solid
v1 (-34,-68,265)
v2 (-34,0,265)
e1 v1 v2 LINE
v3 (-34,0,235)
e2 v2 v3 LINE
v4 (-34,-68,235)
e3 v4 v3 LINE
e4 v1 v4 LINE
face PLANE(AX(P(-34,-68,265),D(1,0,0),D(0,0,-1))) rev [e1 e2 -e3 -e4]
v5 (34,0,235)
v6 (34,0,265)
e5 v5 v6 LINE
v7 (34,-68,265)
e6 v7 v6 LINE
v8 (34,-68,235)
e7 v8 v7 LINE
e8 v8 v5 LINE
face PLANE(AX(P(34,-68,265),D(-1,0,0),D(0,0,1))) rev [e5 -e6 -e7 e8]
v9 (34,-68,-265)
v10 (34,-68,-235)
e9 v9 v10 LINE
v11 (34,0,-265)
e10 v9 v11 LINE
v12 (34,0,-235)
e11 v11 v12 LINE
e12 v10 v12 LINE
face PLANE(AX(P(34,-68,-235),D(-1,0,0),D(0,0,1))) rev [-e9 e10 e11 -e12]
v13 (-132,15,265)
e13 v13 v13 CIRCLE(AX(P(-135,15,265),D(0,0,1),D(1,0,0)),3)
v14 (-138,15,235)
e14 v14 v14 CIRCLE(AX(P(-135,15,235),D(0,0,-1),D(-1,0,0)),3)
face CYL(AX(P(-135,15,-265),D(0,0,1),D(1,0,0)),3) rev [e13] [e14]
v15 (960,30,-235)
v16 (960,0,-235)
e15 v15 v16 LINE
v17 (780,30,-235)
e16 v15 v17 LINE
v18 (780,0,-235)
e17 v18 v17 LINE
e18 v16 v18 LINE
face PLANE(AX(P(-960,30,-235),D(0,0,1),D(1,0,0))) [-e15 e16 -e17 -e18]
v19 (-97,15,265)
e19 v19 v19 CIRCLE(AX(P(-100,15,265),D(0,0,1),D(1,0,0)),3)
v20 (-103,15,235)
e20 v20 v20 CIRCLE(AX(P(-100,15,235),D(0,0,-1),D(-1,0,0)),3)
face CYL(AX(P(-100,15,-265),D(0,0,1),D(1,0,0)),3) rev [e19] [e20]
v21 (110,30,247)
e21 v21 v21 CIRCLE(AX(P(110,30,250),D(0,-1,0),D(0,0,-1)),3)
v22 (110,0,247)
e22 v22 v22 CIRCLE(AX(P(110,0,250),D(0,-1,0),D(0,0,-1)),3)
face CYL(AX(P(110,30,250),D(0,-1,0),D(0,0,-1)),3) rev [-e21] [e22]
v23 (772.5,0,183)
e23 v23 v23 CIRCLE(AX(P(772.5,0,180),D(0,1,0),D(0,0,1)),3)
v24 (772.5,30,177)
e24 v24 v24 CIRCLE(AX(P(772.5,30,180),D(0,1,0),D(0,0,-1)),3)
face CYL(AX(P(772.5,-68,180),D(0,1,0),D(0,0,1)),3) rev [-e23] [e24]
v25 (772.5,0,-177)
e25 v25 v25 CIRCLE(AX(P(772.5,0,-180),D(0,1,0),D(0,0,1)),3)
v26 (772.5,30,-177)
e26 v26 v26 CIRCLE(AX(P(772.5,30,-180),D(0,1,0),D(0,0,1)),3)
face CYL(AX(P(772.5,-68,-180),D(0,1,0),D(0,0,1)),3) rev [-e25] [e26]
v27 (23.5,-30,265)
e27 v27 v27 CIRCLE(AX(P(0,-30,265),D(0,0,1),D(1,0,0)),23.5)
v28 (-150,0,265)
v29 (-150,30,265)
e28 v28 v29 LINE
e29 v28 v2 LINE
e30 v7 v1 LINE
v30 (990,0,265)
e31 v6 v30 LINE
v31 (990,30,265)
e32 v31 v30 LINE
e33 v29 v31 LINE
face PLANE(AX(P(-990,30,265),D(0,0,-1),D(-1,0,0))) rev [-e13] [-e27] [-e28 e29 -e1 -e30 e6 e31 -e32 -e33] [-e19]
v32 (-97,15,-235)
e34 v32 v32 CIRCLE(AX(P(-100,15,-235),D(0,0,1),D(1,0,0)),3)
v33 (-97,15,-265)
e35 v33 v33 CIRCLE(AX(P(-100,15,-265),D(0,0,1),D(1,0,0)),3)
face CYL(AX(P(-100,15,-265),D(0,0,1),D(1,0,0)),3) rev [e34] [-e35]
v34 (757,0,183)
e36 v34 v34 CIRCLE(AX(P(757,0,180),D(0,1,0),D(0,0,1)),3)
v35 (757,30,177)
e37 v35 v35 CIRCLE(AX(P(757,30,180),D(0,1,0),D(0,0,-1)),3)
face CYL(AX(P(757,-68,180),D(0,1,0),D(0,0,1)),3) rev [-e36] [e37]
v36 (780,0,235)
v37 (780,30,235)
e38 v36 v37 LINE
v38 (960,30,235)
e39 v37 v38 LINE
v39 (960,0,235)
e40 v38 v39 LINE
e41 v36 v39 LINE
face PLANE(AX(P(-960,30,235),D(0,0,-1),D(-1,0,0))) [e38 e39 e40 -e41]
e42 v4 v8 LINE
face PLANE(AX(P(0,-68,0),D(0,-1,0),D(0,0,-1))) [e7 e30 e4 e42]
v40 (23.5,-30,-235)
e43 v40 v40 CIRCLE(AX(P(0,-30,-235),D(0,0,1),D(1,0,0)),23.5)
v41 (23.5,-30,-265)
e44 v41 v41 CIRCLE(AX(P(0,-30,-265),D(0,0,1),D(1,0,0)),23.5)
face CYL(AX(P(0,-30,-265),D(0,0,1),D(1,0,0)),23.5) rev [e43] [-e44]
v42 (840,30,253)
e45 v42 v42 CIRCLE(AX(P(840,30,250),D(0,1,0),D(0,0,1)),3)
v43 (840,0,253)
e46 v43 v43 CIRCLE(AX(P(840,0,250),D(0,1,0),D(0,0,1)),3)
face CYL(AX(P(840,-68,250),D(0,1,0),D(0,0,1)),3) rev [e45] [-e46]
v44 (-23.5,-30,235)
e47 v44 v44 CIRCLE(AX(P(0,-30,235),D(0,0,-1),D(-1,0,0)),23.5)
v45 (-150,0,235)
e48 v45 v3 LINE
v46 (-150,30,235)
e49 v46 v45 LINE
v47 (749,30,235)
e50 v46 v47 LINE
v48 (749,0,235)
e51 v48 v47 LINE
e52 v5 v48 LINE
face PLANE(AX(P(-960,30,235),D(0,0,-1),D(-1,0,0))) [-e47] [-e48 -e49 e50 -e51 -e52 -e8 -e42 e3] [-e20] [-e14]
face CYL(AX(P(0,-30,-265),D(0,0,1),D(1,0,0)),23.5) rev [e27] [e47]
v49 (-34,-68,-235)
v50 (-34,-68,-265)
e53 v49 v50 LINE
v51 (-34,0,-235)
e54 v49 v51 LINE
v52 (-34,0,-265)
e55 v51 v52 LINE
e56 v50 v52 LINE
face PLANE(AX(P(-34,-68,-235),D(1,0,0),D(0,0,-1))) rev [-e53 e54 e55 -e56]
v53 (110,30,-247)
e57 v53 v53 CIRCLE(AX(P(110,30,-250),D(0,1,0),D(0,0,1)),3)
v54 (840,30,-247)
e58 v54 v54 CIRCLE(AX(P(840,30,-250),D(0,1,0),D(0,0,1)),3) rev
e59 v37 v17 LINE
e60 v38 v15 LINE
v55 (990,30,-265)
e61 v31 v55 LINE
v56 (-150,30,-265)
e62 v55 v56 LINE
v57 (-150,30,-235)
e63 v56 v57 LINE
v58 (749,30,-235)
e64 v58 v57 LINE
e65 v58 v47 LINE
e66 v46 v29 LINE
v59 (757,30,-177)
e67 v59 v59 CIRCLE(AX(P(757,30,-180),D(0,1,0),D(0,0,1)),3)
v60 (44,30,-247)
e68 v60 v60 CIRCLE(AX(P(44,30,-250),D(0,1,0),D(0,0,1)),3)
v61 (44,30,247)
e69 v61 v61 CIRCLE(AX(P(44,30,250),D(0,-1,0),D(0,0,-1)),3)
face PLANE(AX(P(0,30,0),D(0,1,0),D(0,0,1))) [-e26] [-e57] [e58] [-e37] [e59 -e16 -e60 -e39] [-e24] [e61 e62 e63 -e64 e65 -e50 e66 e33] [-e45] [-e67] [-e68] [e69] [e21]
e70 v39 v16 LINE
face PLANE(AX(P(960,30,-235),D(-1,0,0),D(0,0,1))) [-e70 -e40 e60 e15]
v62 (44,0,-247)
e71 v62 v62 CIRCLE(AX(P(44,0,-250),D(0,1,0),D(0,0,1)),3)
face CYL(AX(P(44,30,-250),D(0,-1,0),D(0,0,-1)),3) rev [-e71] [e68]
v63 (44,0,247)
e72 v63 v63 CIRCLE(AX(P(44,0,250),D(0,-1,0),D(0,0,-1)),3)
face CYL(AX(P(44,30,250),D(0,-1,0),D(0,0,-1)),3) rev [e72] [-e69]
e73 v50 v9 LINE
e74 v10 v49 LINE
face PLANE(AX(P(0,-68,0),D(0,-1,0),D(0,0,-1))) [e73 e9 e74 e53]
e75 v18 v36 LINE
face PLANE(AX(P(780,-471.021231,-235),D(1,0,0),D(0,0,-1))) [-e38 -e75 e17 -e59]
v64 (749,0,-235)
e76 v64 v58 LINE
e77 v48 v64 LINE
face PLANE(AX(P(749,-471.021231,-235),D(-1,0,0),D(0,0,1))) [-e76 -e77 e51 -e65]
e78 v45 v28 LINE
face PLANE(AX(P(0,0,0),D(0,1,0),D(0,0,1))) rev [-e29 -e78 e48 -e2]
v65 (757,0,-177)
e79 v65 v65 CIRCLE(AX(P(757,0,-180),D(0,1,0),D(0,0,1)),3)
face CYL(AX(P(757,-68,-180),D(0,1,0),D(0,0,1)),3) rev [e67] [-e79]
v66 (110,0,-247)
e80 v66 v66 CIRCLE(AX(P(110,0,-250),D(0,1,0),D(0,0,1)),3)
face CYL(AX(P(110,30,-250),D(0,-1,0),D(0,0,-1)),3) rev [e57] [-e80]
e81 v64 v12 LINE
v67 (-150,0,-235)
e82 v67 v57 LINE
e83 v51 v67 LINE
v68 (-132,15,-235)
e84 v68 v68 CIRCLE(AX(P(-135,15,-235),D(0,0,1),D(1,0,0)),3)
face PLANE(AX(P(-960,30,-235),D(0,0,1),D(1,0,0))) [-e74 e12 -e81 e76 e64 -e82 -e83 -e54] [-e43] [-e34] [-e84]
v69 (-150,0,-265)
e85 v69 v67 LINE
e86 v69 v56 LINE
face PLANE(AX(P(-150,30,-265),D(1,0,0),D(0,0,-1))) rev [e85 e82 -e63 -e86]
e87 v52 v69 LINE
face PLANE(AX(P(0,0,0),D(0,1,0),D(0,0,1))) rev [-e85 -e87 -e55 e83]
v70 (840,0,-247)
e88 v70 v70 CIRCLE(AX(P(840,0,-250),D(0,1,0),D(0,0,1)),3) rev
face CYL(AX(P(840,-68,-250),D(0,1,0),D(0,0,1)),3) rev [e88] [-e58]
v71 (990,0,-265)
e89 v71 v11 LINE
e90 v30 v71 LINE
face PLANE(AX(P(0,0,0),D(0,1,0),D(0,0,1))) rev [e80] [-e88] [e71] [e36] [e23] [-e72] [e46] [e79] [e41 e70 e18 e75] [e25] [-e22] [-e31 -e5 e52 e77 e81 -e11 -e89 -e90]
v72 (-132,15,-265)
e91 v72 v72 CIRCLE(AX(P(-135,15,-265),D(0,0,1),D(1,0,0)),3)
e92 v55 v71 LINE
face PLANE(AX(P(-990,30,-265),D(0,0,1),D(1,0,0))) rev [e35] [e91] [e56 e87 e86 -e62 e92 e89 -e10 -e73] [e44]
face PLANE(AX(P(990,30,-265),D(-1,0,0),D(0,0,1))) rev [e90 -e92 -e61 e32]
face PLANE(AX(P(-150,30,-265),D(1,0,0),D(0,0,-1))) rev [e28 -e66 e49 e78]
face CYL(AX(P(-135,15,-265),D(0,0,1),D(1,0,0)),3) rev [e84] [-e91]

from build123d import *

# Parameters (mm, degrees)
SKETCH_1_W          = 1980
SKETCH_1_H          = 530
SKETCH_1_W_2        = 1920
SKETCH_1_H_2        = 470
EXTRUDE_1_DEPTH     = 30
SKETCH_2_W          = 68
SKETCH_2_H          = 30
EXTRUDE_2_DEPTH     = 68
SKETCH_3_R          = 23.5
CUT_EXTRUDE_1_DEPTH = 1125.999555555
SKETCH_4_W          = 31
SKETCH_4_H          = 470
EXTRUDE_3_DEPTH     = 30
SKETCH_5_R          = 3
CUT_EXTRUDE_2_DEPTH = 1030.528532873
SKETCH_6_R          = 3
CUT_EXTRUDE_3_DEPTH = 1030.528532873
SKETCH_7_W          = 917.525313644
SKETCH_7_H          = 30
CUT_EXTRUDE_4_DEPTH = 1125.999555555
SKETCH_8_R          = 3
CUT_EXTRUDE_5_DEPTH = 1125.999555555
SKETCH_9_R          = 3
CUT_EXTRUDE_6_DEPTH = 1028.107102497
SKETCH_10_R         = 3
CUT_EXTRUDE_7_DEPTH = 1125.999555555


with BuildPart() as part:
    # 草图1 → 凸台-拉伸1 (new body)
    with BuildSketch(Plane(origin=(0, 0, 0), x_dir=(1, 0, 0), z_dir=(0, 1, 0))):
        Rectangle(SKETCH_1_W, SKETCH_1_H)
        Rectangle(SKETCH_1_W_2, SKETCH_1_H_2, mode=Mode.SUBTRACT)
    extrude(amount=EXTRUDE_1_DEPTH)

    # 草图2 → 凸台-拉伸2 (add)
    with BuildSketch(Plane.XZ):
        with Locations((0, 250)):
            Rectangle(SKETCH_2_W, SKETCH_2_H)
        with Locations((0, -250)):
            Rectangle(SKETCH_2_W, SKETCH_2_H)
    extrude(amount=EXTRUDE_2_DEPTH)

    # 草图3 → 切除-拉伸1 (cut, through all)
    with BuildSketch(Plane.XY.offset(265)):
        with Locations((0, -30)):
            Circle(SKETCH_3_R)
    extrude(amount=-CUT_EXTRUDE_1_DEPTH, mode=Mode.SUBTRACT)

    # 草图4 → 凸台-拉伸3 (add)
    with BuildSketch(Plane(origin=(0, 30, 0), x_dir=(1, 0, 0), z_dir=(0, 1, 0))):
        with Locations((764.5, 0)):
            Rectangle(SKETCH_4_W, SKETCH_4_H)
    extrude(amount=-EXTRUDE_3_DEPTH)

    # 草图5 → 切除-拉伸2 (cut, through all)
    with BuildSketch(Plane(origin=(0, 30, 0), x_dir=(1, 0, 0), z_dir=(0, 1, 0))):
        with Locations(Location((757, 180, 0), (0, 0, 270))):
            Circle(SKETCH_5_R)
        with Locations(Location((772.5, 180, 0), (0, 0, 270))):
            Circle(SKETCH_5_R)
        with Locations(Location((757, -180, 0), (0, 0, 270))):
            Circle(SKETCH_5_R)
        with Locations(Location((772.5, -180, 0), (0, 0, 270))):
            Circle(SKETCH_5_R)
    extrude(amount=-CUT_EXTRUDE_2_DEPTH, mode=Mode.SUBTRACT)

    # 草图6 → 切除-拉伸3 (cut, symmetric)
    with BuildSketch(Plane(origin=(0, 30, 0), x_dir=(1, 0, 0), z_dir=(0, 1, 0))):
        with Locations(Location((840, -250, 0), (0, 0, 270))):
            Circle(SKETCH_6_R)
    cut_extrude_3 = extrude(amount=CUT_EXTRUDE_3_DEPTH, both=True, mode=Mode.SUBTRACT)

    # 镜向1: 切除-拉伸3 across plane
    add(cut_extrude_3.mirror(Plane.XY), mode=Mode.SUBTRACT)

    # 草图7 → 切除-拉伸4 (cut, through all)
    with BuildSketch(Plane.XY.offset(265)):
        with Locations((-608.762656822, 15)):
            Rectangle(SKETCH_7_W, SKETCH_7_H)
    extrude(amount=-CUT_EXTRUDE_4_DEPTH, mode=Mode.SUBTRACT)

    # 草图8 → 切除-拉伸5 (cut, through all)
    with BuildSketch(Plane.XY.offset(265)):
        with Locations((-100, 15)):
            Circle(SKETCH_8_R)
    extrude(amount=-CUT_EXTRUDE_5_DEPTH, mode=Mode.SUBTRACT)

    # 草图9 → 切除-拉伸6 (cut, through all)
    with BuildSketch(Plane.XZ):
        with Locations(Location((110, 250, 0), (0, 0, 270))):
            Circle(SKETCH_9_R)
        with Locations(Location((44, 250, 0), (0, 0, 270))):
            Circle(SKETCH_9_R)
    cut_extrude_6 = extrude(amount=-CUT_EXTRUDE_6_DEPTH, mode=Mode.SUBTRACT)

    # 镜向2: 切除-拉伸6 across plane
    add(cut_extrude_6.mirror(Plane.XY), mode=Mode.SUBTRACT)

    # 草图10 → 切除-拉伸7 (cut, through all)
    with BuildSketch(Plane.XY.offset(265)):
        with Locations((-135, 15)):
            Circle(SKETCH_10_R)
    extrude(amount=-CUT_EXTRUDE_7_DEPTH, mode=Mode.SUBTRACT)


solid = part.part
